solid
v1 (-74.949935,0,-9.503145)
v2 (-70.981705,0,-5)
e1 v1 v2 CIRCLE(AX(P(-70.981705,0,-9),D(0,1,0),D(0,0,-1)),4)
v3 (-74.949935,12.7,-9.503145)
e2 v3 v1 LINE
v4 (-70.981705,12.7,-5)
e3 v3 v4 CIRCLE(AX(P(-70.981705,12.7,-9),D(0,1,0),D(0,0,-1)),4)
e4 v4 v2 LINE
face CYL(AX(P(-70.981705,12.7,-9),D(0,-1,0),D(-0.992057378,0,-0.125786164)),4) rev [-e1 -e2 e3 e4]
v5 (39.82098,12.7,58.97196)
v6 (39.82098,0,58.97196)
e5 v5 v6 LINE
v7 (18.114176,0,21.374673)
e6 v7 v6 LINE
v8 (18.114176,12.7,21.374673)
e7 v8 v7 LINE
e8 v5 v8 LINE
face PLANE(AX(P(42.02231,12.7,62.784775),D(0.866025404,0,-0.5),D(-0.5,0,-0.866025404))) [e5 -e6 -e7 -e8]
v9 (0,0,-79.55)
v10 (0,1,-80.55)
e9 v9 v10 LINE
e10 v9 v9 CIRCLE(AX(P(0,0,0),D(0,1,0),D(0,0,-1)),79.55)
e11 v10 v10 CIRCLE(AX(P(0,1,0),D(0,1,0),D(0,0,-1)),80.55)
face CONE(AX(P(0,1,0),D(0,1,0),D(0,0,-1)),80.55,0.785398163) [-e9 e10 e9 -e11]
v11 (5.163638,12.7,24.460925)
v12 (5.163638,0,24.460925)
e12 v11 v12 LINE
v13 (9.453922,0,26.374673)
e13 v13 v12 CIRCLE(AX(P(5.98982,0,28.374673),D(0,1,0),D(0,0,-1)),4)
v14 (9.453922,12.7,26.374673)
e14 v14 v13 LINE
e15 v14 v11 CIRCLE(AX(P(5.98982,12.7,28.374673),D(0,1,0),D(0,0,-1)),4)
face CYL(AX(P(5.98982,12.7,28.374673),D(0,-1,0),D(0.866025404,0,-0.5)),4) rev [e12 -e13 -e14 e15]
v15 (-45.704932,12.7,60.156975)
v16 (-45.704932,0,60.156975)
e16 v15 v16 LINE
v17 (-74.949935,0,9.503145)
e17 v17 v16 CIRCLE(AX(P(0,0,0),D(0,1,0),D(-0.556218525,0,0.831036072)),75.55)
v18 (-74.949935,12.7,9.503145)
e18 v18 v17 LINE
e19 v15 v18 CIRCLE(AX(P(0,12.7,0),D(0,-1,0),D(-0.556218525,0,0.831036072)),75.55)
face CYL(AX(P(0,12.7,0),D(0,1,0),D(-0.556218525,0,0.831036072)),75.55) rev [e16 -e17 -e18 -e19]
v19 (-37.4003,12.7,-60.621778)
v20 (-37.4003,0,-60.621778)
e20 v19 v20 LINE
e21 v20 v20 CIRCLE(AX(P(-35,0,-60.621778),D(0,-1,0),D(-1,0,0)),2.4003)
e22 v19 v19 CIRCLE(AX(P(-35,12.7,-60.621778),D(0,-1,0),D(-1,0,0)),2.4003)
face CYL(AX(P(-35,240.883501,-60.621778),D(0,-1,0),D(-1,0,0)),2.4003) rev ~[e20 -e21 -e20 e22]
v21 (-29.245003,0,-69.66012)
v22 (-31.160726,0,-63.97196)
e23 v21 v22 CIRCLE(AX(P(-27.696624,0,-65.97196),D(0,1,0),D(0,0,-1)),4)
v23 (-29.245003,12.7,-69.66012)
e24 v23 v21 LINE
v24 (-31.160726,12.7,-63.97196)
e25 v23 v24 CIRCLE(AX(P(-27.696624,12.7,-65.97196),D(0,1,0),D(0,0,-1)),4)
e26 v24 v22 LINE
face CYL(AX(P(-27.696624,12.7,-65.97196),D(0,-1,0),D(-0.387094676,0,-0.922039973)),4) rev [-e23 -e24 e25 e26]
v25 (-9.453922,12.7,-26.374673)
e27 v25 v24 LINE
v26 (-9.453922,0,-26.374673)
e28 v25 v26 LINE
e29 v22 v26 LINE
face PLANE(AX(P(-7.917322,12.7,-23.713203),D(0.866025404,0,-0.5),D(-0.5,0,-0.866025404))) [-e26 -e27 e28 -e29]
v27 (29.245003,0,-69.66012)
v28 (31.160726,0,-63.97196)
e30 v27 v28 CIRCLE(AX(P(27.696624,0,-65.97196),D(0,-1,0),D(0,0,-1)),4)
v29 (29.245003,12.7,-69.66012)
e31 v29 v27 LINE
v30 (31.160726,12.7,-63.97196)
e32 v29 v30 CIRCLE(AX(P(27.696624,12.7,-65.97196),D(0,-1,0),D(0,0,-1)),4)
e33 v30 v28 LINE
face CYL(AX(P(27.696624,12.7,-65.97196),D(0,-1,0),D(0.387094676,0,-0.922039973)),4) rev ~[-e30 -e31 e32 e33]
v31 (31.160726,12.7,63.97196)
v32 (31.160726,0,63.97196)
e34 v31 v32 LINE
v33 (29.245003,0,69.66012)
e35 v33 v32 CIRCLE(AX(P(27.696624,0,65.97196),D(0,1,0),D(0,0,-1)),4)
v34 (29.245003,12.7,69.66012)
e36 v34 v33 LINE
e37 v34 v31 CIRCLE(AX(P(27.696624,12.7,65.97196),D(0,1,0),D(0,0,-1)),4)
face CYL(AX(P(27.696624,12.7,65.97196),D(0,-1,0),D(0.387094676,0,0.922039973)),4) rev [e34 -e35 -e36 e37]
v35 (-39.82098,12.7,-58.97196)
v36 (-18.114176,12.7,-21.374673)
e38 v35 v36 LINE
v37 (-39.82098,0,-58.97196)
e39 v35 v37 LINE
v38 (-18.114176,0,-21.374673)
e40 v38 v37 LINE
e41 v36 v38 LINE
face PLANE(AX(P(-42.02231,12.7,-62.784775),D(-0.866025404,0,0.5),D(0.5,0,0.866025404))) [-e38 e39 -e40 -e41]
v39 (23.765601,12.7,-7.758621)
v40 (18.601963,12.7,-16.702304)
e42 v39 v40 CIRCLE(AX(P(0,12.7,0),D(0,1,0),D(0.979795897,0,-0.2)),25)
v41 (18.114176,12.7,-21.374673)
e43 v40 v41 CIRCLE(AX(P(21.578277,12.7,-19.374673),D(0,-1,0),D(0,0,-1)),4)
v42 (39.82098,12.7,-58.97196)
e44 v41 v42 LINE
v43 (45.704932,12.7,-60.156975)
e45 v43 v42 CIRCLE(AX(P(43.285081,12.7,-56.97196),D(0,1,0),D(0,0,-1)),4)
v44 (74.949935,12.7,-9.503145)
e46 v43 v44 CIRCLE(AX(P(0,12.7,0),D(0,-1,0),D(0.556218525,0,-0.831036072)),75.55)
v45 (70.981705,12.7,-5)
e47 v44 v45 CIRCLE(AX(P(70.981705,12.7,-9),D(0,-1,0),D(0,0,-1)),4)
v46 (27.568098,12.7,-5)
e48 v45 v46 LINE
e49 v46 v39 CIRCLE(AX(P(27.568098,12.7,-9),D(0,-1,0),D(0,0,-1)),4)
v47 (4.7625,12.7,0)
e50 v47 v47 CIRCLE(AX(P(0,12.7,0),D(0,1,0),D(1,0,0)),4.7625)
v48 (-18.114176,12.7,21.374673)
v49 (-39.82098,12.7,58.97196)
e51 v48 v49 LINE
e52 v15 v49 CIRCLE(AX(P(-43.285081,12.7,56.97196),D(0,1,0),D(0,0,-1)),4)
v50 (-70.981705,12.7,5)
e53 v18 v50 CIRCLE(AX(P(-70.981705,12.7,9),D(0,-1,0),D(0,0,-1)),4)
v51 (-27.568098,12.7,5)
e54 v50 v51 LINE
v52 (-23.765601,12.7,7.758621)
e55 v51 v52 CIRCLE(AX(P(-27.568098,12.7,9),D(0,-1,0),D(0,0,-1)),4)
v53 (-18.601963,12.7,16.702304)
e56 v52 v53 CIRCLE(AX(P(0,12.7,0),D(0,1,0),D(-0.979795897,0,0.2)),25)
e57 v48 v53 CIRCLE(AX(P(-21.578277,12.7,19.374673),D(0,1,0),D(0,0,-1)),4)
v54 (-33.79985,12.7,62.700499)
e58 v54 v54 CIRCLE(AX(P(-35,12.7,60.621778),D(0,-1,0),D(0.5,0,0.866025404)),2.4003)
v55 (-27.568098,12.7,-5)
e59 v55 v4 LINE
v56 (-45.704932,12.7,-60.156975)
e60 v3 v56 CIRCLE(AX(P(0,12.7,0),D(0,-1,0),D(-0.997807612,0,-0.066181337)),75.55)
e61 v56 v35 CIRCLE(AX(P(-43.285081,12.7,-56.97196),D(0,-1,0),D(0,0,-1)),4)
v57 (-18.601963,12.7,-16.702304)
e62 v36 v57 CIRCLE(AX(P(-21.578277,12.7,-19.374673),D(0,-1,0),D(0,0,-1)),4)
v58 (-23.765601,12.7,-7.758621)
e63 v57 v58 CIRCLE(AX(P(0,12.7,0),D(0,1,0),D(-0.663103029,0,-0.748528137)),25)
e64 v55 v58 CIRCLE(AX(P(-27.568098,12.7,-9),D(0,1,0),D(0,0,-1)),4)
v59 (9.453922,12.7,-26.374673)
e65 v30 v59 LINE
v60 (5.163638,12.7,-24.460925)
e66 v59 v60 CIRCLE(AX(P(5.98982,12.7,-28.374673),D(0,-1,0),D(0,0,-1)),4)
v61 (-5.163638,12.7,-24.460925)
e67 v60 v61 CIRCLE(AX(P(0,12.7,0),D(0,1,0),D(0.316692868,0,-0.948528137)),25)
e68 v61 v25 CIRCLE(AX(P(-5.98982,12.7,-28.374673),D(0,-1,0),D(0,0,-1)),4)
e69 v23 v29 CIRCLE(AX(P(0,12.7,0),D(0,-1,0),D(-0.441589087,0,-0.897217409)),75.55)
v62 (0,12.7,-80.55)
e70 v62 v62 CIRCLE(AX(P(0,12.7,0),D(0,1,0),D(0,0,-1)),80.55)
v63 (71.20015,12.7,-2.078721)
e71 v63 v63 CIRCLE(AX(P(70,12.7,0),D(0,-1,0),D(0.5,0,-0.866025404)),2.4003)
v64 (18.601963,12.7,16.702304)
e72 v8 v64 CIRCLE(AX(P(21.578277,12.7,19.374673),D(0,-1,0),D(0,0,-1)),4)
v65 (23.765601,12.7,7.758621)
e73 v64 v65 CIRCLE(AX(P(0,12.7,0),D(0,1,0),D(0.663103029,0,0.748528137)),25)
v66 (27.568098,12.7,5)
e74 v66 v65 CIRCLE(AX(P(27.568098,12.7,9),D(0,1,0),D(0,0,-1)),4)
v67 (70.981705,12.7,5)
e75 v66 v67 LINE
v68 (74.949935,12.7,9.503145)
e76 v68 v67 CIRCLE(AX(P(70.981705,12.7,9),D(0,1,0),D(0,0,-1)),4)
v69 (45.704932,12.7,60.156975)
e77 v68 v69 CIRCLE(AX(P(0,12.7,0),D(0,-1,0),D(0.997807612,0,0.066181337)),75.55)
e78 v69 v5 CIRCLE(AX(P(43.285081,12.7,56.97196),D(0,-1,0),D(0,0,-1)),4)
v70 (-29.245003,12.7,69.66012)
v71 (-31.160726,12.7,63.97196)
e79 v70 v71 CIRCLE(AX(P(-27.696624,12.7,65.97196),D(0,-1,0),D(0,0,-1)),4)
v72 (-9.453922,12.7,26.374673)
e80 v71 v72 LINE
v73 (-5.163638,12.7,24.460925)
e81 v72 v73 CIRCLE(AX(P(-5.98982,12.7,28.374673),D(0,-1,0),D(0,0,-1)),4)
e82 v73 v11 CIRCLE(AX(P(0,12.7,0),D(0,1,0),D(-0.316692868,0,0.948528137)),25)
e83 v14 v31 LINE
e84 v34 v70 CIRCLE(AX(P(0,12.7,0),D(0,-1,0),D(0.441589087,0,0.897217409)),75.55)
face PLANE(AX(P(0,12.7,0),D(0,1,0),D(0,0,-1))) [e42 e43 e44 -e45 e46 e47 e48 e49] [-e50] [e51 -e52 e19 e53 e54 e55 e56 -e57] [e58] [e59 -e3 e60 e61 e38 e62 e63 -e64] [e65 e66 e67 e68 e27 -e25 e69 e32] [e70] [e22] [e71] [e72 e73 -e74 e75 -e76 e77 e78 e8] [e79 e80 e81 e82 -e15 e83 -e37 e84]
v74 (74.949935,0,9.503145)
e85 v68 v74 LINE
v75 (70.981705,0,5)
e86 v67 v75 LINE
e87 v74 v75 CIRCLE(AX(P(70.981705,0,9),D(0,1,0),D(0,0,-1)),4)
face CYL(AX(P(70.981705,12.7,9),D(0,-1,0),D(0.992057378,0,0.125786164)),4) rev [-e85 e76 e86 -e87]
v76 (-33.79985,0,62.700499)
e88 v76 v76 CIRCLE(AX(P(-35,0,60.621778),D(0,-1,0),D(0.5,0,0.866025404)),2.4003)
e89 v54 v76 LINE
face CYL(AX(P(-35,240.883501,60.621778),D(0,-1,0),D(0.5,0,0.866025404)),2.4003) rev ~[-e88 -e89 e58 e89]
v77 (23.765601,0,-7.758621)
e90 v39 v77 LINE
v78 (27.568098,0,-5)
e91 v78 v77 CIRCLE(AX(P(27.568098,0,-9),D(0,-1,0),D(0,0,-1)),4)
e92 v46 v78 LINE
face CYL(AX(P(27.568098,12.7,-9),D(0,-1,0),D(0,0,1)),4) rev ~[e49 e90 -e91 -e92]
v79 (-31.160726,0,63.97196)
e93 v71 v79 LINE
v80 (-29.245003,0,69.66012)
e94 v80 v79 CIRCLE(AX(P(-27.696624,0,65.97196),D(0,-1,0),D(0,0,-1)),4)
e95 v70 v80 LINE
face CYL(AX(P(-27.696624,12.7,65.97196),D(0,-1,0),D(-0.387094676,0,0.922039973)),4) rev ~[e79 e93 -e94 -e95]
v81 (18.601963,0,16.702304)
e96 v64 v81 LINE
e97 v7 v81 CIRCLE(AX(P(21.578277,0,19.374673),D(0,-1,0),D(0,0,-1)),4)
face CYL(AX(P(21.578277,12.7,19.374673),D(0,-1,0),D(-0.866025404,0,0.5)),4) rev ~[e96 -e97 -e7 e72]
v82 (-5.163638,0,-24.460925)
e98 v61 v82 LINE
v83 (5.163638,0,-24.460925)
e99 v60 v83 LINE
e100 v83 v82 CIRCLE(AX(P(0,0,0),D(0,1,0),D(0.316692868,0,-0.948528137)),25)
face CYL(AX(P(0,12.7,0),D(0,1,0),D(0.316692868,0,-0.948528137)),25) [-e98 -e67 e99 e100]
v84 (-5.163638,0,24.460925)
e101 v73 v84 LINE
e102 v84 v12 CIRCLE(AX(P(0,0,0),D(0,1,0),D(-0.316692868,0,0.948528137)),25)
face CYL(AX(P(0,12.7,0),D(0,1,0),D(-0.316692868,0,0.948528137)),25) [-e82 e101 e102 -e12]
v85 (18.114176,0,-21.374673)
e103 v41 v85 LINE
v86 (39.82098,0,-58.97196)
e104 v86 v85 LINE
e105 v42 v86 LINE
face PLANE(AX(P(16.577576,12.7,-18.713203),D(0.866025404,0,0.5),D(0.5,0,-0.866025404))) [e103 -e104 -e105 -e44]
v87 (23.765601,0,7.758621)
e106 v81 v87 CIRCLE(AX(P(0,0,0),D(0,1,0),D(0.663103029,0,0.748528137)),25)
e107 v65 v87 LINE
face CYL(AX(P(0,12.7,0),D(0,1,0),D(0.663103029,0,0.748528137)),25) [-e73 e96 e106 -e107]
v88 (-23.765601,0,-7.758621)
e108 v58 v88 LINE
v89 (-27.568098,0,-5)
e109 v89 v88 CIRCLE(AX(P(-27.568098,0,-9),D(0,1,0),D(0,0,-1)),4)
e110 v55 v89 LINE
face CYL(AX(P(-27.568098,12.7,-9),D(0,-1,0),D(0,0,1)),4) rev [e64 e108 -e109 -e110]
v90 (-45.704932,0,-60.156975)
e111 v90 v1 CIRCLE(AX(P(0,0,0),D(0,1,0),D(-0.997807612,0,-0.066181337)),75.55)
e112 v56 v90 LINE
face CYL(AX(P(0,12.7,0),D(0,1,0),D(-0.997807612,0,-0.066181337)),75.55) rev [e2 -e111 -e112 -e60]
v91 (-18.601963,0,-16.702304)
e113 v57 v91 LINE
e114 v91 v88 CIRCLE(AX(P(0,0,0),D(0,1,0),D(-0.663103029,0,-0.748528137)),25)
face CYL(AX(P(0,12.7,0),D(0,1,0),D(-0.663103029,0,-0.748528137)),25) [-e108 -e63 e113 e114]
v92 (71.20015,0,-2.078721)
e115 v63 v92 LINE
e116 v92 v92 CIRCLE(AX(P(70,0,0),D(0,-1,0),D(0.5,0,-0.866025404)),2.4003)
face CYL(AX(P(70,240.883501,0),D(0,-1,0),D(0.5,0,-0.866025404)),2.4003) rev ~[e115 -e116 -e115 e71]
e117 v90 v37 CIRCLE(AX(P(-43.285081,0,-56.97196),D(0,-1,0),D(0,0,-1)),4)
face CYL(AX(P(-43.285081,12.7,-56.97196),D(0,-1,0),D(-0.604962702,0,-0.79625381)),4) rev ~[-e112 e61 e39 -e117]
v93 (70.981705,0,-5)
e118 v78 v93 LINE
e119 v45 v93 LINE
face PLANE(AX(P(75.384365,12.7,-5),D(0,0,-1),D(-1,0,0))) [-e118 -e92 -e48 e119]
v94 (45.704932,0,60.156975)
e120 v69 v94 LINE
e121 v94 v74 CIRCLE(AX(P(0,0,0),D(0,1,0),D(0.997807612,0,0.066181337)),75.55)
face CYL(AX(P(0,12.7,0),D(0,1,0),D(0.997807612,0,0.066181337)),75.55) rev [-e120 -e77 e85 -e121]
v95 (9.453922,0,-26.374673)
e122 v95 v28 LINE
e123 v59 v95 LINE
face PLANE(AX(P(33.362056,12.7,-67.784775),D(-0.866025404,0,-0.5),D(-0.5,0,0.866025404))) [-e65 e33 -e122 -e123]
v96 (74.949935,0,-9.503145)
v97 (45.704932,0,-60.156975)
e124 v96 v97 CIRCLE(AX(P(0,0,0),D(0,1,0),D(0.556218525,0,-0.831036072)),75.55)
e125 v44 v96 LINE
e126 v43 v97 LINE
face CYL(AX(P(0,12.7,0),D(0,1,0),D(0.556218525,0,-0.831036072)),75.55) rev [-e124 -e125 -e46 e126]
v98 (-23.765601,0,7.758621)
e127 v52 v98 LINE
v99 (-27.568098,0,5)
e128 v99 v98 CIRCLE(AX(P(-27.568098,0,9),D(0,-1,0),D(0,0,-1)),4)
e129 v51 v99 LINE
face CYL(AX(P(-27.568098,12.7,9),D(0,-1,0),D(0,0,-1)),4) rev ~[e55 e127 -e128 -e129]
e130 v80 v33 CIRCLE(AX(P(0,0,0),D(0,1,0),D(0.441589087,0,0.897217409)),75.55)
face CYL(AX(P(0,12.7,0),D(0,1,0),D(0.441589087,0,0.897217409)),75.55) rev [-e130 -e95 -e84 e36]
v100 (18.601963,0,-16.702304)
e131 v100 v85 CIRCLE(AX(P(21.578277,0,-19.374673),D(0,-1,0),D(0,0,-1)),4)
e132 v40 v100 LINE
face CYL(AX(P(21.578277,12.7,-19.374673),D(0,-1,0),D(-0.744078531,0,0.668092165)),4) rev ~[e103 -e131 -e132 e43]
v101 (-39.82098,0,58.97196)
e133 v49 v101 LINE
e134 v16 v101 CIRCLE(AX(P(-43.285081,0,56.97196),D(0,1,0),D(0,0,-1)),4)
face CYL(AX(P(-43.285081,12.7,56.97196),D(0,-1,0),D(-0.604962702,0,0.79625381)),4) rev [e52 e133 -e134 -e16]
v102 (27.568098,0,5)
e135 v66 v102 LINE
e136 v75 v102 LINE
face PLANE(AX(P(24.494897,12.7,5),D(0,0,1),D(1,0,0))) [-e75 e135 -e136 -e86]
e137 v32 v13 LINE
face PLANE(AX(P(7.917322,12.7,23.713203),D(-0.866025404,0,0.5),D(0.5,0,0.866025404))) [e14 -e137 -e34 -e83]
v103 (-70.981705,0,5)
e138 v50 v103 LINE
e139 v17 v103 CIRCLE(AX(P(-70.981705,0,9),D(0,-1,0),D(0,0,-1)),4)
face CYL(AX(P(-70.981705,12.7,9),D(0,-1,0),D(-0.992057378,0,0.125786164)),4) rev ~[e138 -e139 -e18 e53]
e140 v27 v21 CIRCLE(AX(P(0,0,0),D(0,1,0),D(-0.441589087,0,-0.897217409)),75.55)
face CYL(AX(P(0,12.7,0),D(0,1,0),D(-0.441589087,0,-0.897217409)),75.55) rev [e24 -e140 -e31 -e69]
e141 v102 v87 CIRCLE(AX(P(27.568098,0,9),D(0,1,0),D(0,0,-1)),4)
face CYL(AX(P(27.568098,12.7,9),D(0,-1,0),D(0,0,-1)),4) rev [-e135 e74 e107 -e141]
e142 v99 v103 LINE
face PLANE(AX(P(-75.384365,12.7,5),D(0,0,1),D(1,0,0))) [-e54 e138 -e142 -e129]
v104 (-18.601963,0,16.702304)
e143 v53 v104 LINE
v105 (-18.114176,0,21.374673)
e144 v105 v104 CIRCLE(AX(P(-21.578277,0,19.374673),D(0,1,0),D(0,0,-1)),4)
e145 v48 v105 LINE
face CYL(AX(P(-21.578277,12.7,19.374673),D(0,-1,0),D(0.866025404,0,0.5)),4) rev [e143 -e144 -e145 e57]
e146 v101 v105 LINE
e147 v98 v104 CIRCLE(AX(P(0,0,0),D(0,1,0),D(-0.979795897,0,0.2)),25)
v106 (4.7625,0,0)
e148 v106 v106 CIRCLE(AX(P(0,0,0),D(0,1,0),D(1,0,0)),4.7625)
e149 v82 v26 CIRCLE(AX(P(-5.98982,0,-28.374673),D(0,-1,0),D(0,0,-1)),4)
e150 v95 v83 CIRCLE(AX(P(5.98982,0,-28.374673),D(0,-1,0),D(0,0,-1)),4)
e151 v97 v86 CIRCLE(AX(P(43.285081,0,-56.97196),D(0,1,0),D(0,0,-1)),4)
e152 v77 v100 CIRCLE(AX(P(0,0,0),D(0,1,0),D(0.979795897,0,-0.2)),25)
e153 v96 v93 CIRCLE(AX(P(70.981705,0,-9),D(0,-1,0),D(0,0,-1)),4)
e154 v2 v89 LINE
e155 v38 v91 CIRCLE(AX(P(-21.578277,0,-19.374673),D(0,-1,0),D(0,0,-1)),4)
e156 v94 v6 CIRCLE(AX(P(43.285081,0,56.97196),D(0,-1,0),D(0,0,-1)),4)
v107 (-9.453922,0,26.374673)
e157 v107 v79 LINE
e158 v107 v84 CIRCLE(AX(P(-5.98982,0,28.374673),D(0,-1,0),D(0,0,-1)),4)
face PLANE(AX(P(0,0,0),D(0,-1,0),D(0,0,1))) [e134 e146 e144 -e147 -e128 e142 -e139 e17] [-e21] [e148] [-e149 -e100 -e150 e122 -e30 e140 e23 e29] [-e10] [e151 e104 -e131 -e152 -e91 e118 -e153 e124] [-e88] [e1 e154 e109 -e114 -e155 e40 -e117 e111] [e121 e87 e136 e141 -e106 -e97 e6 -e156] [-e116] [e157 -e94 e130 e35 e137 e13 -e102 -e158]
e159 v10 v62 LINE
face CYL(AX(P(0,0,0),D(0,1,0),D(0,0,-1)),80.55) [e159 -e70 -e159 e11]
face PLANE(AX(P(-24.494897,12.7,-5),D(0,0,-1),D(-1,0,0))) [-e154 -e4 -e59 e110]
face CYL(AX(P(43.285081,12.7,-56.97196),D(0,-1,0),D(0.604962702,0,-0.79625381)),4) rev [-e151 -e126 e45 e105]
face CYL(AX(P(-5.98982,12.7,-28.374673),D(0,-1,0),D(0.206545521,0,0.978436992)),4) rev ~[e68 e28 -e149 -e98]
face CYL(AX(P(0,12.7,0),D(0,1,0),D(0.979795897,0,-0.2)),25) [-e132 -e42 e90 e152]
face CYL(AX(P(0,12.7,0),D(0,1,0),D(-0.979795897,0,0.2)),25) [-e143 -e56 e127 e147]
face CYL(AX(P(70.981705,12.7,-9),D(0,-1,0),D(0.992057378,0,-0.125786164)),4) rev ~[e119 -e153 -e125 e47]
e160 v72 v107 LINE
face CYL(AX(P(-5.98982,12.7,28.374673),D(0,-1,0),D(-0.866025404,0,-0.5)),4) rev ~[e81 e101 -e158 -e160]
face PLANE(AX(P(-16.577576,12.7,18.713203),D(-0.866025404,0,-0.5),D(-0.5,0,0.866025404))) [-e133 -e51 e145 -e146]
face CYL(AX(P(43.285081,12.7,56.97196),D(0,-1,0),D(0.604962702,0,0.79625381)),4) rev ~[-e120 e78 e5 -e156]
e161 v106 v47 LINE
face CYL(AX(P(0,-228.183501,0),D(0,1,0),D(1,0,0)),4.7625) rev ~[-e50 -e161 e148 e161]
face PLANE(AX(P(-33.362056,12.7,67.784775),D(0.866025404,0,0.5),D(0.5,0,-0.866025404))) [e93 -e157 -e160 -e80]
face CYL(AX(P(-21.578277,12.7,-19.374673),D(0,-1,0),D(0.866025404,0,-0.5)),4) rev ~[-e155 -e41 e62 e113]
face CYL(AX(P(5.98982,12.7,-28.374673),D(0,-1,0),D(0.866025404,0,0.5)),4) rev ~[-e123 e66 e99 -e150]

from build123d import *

# Parameters (mm, degrees)
F_12_0_189_DIAMETER_HOLE1_D  = 4.8006
CIRPATTERN3_COUNT            = 3
CUT_EXTRUDE1_DEPTH           = 115.6206569515286
FILLET1_R                    = 4
CIRPATTERN4_COUNT            = 6
FILLET1_OF_CIRPATTERN4_R     = 4
CHAMFER2_SIZE                = 1
F_3_8_0_375_DIAMETER_HOLE1_D = 9.525


with BuildPart() as part:
    # Sketch2 → Revolve1 (revolve)
    with BuildSketch(Plane(origin=(0, 0, 0), x_dir=(0, 0, -1), z_dir=(1, 0, 0)), mode=Mode.PRIVATE) as revolve1_sk:
        Polygon((0, 0), (-80.55, -9.86e-15), (-80.55, 12.699999999999989), (0, 12.699999999999989), align=None)
    revolve(revolve1_sk.sketch.rotate(Axis((0, -0.6350000000000106, 0), (0, 1, 0)), 180), axis=Axis((0, -0.6350000000000106, 0), (0, 1, 0)))

    # #12 (0.189) Diameter Hole1 (through all)
    with Locations(Plane(origin=(0, 12.699999999999989, 0), x_dir=(1, 0, 0), z_dir=(0, 1, 0))):
        with Locations((-35, 60.621778265)):
            f_12_0_189_diameter_hole1 = Hole(F_12_0_189_DIAMETER_HOLE1_D / 2)

    # CirPattern3: #12 (0.189) Diameter Hole1 ×3 about axis
    cirpattern3_axis = Axis((2.7e-16, 0, 4.47e-15), (0, 1, 0))
    for i in range(1, CIRPATTERN3_COUNT):
        add(f_12_0_189_diameter_hole1.rotate(cirpattern3_axis, i * 360 / CIRPATTERN3_COUNT), mode=Mode.SUBTRACT)

    # Sketch8 → Cut-Extrude1 (cut, through all)
    with BuildSketch(Plane(origin=(0, 12.699999999999989, 0), x_dir=(1, 0, 0), z_dir=(0, 1, 0))):
        with BuildLine():
            Line((-7.91732169499373, 23.713203435596423), (-33.36205552600357, 67.784775215972))
            ThreePointArc((-33.36205552600357, 67.784775215972), (4.63e-15, 75.54999999999998), (33.36205552600357, 67.784775215972))
            Line((33.36205552600357, 67.784775215972), (7.917321694993729, 23.713203435596423))
            ThreePointArc((7.917321694993729, 23.713203435596423), (1.53e-15, 25.000000000000007), (-7.91732169499373, 23.713203435596423))
        make_face()
    cut_extrude1 = extrude(amount=-CUT_EXTRUDE1_DEPTH, mode=Mode.SUBTRACT)

    # Fillet1
    fillet1_edges = [part.edges().sort_by_distance(p)[0] for p in [
        (7.9173216949937295, 6.349999999999994, -23.713203435596427),
        (-7.9173216949937295, 6.349999999999994, -23.713203435596427),
        (-33.36205552600357, 6.349999999999994, -67.78477521597199),
        (33.36205552600358, 6.349999999999994, -67.78477521597199),
    ]]
    fillet(fillet1_edges, radius=FILLET1_R)

    # CirPattern4: Cut-Extrude1 ×6 about axis
    cirpattern4_axis = Axis((-3.068e-14, 0, 1.3e-16), (0, 1, 0))
    for i in range(1, CIRPATTERN4_COUNT):
        add(cut_extrude1.rotate(cirpattern4_axis, i * 360 / CIRPATTERN4_COUNT), mode=Mode.SUBTRACT)

    # Fillet1 of CirPattern4
    fillet1_of_cirpattern4_edges = [part.edges().sort_by_distance(p)[0] for p in [
        (-16.57757573283808, 6.349999999999994, -18.71320343559648),
        (-24.494897427831813, 6.349999999999994, -5.000000000000001),
        (-75.38436508985136, 6.349999999999994, -4.999999999999924),
        (-42.02230956384777, 6.349999999999994, -62.78477521597215),
        (-24.49489742783184, 6.349999999999994, 4.99999999999994),
        (-16.577575732838117, 6.349999999999994, 18.713203435596423),
        (-42.02230956384782, 6.349999999999994, 62.78477521597206),
        (-75.38436508985139, 6.349999999999994, 4.999999999999838),
        (-7.9173216949937935, 6.349999999999994, 23.713203435596427),
        (7.917321694993666, 6.349999999999994, 23.713203435596427),
        (33.3620555260035, 6.349999999999994, 67.78477521597199),
        (-33.36205552600365, 6.349999999999994, 67.78477521597199),
        (16.57757573283801, 6.349999999999994, 18.71320343559649),
        (24.49489742783175, 6.349999999999994, 5.0000000000000115),
        (75.3843650898513, 6.349999999999994, 4.999999999999952),
        (42.022309563847685, 6.349999999999994, 62.78477521597216),
        (24.494897427831784, 6.349999999999994, -4.999999999999948),
        (16.577575732838053, 6.349999999999994, -18.71320343559643),
        (42.02230956384774, 6.349999999999994, -62.784775215972076),
        (75.38436508985133, 6.349999999999994, -4.999999999999863),
    ]]
    fillet(fillet1_of_cirpattern4_edges, radius=FILLET1_OF_CIRPATTERN4_R)

    # Chamfer2
    chamfer2_edges = [part.edges().sort_by_distance(p)[0] for p in [
        (-1.973e-14, -9.88e-15, 80.55),
    ]]
    chamfer(chamfer2_edges, length=CHAMFER2_SIZE)

    # 3/8 (0.375) Diameter Hole1 (through all)
    with Locations(Plane(origin=(0, 0, 0), x_dir=(-1, 0, 0), z_dir=(0, -1, 0))):
        with Locations((0, 0)):
            Hole(F_3_8_0_375_DIAMETER_HOLE1_D / 2)


solid = part.part
